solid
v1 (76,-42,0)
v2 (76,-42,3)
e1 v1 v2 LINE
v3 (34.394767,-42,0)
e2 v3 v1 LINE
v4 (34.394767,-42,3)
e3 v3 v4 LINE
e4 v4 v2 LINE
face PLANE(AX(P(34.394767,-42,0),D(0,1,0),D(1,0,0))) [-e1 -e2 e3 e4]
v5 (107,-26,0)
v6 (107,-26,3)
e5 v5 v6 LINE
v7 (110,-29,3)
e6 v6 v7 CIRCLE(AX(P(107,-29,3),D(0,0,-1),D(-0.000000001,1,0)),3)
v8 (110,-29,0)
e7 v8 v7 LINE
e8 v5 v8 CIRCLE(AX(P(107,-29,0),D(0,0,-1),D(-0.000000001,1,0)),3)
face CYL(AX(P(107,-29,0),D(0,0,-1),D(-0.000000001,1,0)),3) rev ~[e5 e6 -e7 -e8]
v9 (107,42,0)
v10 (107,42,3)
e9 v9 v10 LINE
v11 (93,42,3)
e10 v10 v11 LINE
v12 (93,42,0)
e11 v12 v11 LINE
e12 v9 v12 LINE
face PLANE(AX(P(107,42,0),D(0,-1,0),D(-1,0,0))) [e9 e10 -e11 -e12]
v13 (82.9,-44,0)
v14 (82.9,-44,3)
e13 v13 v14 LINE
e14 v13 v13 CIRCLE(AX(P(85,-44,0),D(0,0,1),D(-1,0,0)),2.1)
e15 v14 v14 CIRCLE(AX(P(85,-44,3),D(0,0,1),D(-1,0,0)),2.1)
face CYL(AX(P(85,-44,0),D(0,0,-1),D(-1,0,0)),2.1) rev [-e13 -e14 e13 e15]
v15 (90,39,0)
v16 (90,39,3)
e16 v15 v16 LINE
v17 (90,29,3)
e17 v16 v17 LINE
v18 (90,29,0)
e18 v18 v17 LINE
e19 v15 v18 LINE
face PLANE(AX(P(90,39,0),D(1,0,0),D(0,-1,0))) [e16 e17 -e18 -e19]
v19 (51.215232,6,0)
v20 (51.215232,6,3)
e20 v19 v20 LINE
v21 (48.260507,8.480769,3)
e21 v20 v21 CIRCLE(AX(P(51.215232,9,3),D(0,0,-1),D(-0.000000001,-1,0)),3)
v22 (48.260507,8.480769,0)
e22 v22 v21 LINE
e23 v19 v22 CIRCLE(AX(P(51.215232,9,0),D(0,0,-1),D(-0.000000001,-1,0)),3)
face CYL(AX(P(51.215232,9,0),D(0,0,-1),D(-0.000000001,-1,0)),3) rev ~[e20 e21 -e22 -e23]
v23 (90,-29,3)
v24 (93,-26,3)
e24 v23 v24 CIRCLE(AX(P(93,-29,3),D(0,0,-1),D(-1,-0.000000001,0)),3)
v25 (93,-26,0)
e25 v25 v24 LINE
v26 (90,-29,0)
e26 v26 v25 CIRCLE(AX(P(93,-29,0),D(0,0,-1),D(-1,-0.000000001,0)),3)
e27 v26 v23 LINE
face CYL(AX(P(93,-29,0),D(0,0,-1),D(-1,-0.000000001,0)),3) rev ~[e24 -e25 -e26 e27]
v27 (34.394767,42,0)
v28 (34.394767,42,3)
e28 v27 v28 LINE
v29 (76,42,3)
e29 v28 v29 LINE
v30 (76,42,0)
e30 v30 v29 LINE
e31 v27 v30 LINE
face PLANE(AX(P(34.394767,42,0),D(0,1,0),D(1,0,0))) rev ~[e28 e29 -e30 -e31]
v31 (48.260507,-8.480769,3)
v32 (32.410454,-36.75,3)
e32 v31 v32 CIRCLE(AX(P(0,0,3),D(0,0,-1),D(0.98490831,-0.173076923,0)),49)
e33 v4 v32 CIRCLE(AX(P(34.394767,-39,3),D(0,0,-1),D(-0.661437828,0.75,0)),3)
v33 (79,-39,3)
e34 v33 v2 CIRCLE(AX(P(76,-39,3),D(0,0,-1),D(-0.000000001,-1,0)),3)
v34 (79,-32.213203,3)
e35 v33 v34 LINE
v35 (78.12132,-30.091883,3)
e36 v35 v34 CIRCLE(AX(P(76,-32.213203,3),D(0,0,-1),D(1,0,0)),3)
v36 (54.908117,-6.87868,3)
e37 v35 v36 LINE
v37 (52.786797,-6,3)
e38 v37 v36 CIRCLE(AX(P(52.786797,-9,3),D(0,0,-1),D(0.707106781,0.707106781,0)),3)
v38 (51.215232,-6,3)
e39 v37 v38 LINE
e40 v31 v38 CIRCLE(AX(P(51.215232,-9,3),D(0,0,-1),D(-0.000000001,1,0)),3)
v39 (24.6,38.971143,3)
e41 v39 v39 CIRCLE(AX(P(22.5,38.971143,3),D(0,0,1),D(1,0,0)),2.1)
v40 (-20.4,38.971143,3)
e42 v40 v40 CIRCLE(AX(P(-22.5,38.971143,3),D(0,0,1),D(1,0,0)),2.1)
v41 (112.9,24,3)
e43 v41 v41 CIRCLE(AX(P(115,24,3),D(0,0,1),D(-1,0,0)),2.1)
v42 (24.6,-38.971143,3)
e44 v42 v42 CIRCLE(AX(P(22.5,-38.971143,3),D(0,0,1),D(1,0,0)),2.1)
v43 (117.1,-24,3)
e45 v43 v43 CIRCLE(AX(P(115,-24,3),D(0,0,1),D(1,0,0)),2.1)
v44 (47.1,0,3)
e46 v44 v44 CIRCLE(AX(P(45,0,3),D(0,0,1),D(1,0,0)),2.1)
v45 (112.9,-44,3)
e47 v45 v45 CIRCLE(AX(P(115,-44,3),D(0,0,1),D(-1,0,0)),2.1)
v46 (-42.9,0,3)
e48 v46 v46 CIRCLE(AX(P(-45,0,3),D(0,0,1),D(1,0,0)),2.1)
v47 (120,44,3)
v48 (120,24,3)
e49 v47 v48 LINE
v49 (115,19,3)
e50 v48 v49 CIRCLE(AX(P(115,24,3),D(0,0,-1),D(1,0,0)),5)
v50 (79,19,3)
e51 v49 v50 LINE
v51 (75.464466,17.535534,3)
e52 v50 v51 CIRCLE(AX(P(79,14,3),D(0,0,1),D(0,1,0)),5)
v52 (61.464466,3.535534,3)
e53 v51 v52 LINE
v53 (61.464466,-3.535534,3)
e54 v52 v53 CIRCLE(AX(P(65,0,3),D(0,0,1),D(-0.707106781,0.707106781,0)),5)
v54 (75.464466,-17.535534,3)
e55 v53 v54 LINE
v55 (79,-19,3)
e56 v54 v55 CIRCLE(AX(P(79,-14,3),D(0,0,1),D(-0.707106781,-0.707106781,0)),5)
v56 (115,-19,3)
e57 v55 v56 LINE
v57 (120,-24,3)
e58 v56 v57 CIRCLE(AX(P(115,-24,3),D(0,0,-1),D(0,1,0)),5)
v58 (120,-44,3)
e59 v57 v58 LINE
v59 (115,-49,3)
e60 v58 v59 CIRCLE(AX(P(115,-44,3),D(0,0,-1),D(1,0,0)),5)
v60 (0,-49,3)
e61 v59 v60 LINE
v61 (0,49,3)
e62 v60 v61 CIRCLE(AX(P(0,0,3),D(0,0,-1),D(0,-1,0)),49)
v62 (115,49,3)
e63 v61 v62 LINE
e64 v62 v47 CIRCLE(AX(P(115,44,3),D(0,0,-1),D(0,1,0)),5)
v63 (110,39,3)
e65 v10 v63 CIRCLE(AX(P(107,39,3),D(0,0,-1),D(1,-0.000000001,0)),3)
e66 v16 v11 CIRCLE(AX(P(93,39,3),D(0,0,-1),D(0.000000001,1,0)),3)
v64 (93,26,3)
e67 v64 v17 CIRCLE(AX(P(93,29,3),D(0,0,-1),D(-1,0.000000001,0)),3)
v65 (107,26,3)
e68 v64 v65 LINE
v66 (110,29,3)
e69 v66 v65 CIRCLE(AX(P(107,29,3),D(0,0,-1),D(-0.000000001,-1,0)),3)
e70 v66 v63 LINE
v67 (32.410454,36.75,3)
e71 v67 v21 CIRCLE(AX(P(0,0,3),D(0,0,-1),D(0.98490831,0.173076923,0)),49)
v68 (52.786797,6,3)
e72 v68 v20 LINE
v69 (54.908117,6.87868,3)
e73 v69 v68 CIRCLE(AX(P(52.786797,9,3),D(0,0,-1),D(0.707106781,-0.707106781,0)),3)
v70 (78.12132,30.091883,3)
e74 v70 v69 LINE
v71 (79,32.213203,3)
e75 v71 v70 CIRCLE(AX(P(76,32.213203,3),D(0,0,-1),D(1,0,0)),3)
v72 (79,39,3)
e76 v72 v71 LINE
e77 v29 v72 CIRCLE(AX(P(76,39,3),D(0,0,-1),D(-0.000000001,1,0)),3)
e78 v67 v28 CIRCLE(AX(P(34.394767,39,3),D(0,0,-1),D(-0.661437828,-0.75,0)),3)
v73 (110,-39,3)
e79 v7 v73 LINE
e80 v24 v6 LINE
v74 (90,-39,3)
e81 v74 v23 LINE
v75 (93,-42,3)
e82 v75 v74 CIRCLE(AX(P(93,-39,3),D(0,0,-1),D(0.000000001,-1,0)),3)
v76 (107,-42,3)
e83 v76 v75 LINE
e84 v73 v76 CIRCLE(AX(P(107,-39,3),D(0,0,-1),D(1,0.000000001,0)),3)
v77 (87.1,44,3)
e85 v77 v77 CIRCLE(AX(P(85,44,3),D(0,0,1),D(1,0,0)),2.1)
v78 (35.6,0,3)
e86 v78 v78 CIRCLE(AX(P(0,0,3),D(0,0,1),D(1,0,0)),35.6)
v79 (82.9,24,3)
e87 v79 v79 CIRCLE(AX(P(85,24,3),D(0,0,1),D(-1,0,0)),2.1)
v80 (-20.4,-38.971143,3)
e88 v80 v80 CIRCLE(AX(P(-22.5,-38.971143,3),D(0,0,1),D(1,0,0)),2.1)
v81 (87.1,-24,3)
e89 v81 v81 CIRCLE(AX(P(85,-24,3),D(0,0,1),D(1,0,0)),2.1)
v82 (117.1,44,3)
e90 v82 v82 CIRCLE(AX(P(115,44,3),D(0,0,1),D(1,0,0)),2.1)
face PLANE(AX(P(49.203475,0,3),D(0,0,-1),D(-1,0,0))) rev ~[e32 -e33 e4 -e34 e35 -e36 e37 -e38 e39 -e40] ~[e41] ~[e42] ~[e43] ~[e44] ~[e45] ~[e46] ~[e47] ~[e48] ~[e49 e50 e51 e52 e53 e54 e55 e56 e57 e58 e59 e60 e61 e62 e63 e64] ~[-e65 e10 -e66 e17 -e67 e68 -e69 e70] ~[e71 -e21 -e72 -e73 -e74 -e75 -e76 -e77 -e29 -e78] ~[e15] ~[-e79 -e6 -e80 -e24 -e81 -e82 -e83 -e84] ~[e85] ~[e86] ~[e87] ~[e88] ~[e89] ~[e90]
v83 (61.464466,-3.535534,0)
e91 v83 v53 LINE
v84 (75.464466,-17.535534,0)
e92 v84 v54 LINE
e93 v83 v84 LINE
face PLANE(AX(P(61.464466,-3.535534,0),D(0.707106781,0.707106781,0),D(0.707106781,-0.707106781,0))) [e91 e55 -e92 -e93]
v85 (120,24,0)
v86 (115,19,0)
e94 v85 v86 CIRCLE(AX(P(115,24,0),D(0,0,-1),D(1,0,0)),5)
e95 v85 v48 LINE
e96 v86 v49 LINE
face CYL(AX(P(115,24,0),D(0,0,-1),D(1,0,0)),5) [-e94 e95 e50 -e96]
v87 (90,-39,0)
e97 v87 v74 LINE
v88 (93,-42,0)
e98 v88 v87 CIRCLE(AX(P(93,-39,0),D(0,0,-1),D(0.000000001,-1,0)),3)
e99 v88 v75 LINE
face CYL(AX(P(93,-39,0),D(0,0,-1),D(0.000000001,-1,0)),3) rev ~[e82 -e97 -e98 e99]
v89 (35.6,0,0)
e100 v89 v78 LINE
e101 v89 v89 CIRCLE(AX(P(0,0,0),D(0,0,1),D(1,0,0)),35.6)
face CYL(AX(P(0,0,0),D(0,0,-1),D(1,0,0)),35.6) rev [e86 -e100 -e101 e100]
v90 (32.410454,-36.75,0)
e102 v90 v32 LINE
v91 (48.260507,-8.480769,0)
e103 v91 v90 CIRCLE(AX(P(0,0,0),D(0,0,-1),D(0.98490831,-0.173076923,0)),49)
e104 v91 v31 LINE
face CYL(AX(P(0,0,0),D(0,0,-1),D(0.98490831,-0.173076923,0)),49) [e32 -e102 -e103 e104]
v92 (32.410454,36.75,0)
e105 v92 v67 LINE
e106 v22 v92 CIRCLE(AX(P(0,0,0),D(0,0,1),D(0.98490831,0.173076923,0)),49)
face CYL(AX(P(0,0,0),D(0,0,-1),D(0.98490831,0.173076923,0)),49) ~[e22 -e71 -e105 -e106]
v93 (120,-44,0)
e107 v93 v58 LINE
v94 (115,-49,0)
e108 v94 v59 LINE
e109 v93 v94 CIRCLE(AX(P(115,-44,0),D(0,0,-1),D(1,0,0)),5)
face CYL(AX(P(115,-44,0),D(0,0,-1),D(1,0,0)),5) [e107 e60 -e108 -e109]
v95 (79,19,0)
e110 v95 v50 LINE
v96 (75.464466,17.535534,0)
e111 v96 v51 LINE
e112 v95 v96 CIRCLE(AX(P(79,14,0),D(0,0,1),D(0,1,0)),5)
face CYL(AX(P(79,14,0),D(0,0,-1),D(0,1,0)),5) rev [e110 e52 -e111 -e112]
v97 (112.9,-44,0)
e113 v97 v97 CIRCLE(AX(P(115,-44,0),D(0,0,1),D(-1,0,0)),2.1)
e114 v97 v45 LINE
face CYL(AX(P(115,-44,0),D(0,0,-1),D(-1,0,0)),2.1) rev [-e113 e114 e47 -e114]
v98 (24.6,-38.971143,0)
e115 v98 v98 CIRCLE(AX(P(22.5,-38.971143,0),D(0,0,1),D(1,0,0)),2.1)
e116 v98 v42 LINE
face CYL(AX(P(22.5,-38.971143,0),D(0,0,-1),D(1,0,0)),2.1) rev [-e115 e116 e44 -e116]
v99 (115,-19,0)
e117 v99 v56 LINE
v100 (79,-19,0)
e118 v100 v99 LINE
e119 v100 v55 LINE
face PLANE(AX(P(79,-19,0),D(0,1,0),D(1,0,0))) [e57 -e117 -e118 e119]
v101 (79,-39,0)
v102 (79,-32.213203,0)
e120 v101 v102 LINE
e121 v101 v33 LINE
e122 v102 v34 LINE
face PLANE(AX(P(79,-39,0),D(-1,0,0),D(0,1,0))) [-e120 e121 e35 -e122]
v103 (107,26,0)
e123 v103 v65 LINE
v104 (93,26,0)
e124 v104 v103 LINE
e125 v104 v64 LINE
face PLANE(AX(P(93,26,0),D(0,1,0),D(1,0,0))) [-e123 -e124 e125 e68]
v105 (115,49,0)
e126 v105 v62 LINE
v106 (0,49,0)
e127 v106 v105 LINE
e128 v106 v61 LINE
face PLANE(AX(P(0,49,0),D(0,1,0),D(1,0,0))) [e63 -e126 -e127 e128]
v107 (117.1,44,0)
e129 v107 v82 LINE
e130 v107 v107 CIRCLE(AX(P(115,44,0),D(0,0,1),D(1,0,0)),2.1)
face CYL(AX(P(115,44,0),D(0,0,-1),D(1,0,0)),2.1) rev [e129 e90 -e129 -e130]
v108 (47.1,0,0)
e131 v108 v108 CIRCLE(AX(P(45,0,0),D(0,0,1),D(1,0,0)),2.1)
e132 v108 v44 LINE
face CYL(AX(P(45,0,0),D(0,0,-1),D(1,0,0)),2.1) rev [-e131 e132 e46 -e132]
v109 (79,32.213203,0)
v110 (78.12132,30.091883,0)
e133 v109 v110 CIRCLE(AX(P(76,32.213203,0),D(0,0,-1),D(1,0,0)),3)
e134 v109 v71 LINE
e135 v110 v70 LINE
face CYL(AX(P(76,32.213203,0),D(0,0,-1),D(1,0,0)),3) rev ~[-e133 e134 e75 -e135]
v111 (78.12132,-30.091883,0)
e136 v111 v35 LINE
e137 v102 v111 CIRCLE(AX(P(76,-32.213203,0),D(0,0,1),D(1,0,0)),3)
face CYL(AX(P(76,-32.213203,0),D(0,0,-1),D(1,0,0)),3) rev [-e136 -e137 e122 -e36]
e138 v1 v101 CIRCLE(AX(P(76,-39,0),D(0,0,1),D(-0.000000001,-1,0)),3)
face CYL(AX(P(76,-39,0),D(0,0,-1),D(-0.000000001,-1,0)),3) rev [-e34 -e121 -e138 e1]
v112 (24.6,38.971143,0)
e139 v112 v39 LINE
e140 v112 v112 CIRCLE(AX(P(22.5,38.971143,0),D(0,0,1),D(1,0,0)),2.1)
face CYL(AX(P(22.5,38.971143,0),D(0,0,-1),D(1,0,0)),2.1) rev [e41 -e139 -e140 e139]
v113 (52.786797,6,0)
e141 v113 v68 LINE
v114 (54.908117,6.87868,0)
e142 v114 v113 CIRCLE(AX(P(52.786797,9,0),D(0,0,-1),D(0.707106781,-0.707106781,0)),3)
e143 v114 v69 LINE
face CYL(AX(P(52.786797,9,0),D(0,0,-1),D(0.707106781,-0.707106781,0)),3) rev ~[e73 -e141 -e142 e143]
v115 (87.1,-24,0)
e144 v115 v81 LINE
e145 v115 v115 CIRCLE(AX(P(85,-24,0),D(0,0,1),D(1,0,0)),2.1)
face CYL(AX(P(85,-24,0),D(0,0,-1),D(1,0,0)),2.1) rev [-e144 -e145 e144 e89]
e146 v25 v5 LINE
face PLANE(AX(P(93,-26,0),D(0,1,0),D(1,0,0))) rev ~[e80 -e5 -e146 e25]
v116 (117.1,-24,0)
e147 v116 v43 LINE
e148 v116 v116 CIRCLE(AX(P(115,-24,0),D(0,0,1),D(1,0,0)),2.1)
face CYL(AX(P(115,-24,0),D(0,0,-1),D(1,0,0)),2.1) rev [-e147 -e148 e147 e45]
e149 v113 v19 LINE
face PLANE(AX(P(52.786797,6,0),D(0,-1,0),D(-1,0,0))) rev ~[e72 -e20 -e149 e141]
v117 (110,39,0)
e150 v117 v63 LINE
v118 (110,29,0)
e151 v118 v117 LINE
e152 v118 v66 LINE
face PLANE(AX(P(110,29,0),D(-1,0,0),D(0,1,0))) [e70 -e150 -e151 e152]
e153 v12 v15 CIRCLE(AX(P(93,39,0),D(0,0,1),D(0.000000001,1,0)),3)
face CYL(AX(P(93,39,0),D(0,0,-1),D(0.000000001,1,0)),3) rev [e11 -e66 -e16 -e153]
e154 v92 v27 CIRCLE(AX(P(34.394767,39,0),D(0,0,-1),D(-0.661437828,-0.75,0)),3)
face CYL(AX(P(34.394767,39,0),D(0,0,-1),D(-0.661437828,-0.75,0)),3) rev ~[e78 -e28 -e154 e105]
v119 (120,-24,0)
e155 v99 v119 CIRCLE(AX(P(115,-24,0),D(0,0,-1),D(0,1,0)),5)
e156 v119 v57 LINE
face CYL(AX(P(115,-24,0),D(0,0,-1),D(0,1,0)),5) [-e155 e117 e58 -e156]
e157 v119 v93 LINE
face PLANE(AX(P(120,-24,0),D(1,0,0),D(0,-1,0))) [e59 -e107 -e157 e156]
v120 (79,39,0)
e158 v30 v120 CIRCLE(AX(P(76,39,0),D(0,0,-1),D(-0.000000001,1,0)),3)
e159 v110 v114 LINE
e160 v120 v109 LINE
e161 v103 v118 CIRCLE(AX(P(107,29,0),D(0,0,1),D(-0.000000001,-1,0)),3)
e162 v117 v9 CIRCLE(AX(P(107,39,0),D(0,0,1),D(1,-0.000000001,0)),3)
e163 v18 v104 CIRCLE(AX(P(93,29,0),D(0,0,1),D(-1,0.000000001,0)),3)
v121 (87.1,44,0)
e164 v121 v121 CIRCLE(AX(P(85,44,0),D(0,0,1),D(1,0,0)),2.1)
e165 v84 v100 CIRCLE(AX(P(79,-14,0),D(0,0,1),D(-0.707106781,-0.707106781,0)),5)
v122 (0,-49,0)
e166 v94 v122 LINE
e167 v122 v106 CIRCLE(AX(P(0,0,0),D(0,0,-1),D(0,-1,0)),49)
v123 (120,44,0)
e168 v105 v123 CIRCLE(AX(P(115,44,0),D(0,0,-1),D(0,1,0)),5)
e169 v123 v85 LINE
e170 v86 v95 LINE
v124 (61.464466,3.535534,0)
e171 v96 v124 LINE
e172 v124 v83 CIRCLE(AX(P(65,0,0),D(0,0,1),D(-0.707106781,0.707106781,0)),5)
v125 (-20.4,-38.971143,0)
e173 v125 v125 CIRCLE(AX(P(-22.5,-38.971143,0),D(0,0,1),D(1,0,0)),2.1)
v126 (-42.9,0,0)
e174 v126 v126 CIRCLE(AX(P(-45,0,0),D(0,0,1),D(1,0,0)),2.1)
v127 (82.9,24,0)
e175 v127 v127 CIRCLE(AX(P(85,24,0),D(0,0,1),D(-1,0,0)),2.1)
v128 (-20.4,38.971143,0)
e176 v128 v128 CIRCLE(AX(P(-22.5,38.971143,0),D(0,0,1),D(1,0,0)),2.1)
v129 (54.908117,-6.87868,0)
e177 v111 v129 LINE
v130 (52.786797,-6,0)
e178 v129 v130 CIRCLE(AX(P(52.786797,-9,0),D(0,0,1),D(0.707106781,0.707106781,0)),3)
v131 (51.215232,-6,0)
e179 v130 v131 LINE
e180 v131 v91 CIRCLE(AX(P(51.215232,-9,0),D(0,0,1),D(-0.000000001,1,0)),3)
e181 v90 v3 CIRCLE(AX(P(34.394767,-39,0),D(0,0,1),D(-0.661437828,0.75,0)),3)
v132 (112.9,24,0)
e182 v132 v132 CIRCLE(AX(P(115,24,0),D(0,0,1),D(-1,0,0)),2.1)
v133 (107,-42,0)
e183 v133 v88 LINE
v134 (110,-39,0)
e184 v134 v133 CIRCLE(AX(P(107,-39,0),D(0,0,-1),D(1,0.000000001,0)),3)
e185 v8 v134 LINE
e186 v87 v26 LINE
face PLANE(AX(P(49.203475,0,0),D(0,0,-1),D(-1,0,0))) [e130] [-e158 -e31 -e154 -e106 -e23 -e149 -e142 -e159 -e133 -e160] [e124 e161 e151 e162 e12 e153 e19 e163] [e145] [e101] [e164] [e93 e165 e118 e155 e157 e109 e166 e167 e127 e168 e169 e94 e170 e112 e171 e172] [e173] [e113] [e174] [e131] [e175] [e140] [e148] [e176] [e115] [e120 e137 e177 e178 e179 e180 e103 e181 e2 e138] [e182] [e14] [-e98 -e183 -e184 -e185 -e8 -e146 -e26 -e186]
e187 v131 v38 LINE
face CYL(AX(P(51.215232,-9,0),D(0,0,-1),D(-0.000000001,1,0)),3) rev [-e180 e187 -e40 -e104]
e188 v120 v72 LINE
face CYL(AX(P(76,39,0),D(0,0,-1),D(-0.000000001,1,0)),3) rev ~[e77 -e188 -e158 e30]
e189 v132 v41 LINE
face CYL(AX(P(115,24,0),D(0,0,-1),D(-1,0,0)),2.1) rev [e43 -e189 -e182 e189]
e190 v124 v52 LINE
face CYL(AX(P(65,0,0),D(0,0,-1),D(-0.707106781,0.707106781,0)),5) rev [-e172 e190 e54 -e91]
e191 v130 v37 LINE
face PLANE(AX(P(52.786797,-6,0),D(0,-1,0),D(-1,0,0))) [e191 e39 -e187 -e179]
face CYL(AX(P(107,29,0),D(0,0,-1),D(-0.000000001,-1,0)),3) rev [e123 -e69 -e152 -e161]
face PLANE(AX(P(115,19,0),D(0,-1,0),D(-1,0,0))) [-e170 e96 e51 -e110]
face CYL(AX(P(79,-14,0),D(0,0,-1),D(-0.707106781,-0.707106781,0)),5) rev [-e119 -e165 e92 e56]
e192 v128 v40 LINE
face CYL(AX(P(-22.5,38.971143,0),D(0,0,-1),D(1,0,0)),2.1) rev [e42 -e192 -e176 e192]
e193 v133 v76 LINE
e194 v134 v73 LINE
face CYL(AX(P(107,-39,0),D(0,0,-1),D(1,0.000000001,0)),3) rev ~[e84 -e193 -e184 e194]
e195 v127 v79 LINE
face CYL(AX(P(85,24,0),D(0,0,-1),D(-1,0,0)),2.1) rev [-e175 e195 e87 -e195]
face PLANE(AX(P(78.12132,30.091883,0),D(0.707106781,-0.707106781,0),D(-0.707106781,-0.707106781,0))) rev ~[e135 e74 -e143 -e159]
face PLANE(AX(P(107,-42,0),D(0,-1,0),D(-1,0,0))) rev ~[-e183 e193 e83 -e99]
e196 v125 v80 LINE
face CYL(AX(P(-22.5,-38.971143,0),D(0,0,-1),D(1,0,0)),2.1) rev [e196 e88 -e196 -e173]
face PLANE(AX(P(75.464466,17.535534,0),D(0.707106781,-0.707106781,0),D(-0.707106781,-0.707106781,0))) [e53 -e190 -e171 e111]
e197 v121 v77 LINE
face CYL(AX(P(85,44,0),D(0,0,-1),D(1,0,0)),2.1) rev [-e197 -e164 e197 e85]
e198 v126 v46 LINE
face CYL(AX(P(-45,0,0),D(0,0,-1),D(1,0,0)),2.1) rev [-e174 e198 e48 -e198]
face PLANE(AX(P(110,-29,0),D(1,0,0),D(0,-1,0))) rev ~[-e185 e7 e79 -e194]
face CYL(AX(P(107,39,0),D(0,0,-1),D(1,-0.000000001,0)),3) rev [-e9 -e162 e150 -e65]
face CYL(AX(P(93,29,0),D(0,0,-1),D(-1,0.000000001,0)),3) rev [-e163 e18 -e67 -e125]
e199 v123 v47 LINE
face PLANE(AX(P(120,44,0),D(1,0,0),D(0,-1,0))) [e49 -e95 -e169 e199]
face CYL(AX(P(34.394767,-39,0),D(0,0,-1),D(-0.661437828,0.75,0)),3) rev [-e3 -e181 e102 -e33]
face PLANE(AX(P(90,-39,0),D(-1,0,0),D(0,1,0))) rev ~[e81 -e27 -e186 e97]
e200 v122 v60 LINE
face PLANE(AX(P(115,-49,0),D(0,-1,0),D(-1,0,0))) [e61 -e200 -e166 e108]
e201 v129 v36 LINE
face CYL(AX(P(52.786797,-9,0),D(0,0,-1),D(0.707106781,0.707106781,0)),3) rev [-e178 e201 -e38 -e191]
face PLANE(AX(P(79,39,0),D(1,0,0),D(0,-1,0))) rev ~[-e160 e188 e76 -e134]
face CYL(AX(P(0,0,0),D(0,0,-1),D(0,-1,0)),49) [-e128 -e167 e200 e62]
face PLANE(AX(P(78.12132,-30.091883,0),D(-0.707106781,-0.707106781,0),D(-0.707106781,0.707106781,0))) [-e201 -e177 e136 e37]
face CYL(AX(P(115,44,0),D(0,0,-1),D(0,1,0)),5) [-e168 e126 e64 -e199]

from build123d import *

# Parameters (mm, degrees)
SKETCH_1_R          = 2.1
SKETCH_1_R_2        = 35.6
EXTRUDE_1_DEPTH     = 3
SKETCH_2_R          = 2.1
CUT_EXTRUDE_1_DEPTH = 3
CUT_EXTRUDE_2_DEPTH = 130.653384067


with BuildPart() as part:
    # 草图1 → 凸台-拉伸1 (new body)
    with BuildSketch(Plane.XY):
        with BuildLine():
            Line((0, 49), (115, 49))
            ThreePointArc((115, 49), (118.535533906, 47.535533906), (120, 44))
            Line((120, 44), (120, 24))
            ThreePointArc((120, 24), (118.535533906, 20.464466094), (115, 19))
            Line((115, 19), (79, 19))
            ThreePointArc((79, 19), (77.086582838, 18.619397663), (75.464466094, 17.535533906))
            Line((75.464466094, 17.535533906), (61.464466094, 3.535533906))
            ThreePointArc((61.464466094, 3.535533906), (60, 0), (61.464466094, -3.535533906))
            Line((61.464466094, -3.535533906), (75.464466094, -17.535533906))
            ThreePointArc((75.464466094, -17.535533906), (77.086582838, -18.619397663), (79, -19))
            Line((79, -19), (115, -19))
            ThreePointArc((115, -19), (118.535533906, -20.464466094), (120, -24))
            Line((120, -24), (120, -44))
            ThreePointArc((120, -44), (118.535533906, -47.535533906), (115, -49))
            Line((115, -49), (0, -49))
            ThreePointArc((0, -49), (-49, 0), (0, 49))
        make_face()
        with Locations((-45, 0)):
            Circle(SKETCH_1_R, mode=Mode.SUBTRACT)
        with Locations((-22.5, 38.97114317)):
            Circle(SKETCH_1_R, mode=Mode.SUBTRACT)
        with Locations((22.5, 38.97114317)):
            Circle(SKETCH_1_R, mode=Mode.SUBTRACT)
        with Locations((45, 0)):
            Circle(SKETCH_1_R, mode=Mode.SUBTRACT)
        with Locations((22.5, -38.97114317)):
            Circle(SKETCH_1_R, mode=Mode.SUBTRACT)
        with Locations((-22.5, -38.97114317)):
            Circle(SKETCH_1_R, mode=Mode.SUBTRACT)
        Circle(SKETCH_1_R_2, mode=Mode.SUBTRACT)
    extrude(amount=EXTRUDE_1_DEPTH)

    # 草图2 → 切除-拉伸1 (cut)
    with BuildSketch(Plane.XY):
        with Locations((85, 44)):
            Circle(SKETCH_2_R)
        with Locations((115, 44)):
            Circle(SKETCH_2_R)
        with Locations(Location((115, 24, 0), (0, 0, 180))):
            Circle(SKETCH_2_R)
        with Locations(Location((85, 24, 0), (0, 0, 180))):
            Circle(SKETCH_2_R)
        with Locations((85, -24)):
            Circle(SKETCH_2_R)
        with Locations((115, -24)):
            Circle(SKETCH_2_R)
        with Locations(Location((115, -44, 0), (0, 0, 180))):
            Circle(SKETCH_2_R)
        with Locations(Location((85, -44, 0), (0, 0, 180))):
            Circle(SKETCH_2_R)
    extrude(amount=CUT_EXTRUDE_1_DEPTH, mode=Mode.SUBTRACT)

    # 草图3 → 切除-拉伸2 (cut, through all)
    with BuildSketch(Plane.XY):
        with BuildLine():
            Line((34.394767044, 42), (76, 42))
            ThreePointArc((76, 42), (78.121320344, 41.121320344), (79, 39))
            Line((79, 39), (79, 32.213203436))
            ThreePointArc((79, 32.213203436), (78.771638598, 31.065153139), (78.121320344, 30.091883092))
            Line((78.121320344, 30.091883092), (54.908116908, 6.878679656))
            ThreePointArc((54.908116908, 6.878679656), (53.934846861, 6.228361402), (52.786796564, 6))
            Line((52.786796564, 6), (51.215232109, 6))
            ThreePointArc((51.215232109, 6), (49.28620286, 6.702426029), (48.26050718, 8.480769231))
            ThreePointArc((48.26050718, 8.480769231), (42.740359483, 23.963757452), (32.410453561, 36.75))
            ThreePointArc((32.410453561, 36.75), (31.588524004, 40.060660172), (34.394767044, 42))
        make_face()
        with BuildLine():
            Line((52.786796564, -6), (51.215232109, -6))
            ThreePointArc((51.215232109, -6), (49.28620286, -6.702426029), (48.26050718, -8.480769231))
            ThreePointArc((48.26050718, -8.480769231), (42.740359483, -23.963757452), (32.410453561, -36.75))
            ThreePointArc((32.410453561, -36.75), (31.588524004, -40.060660172), (34.394767044, -42))
            Line((34.394767044, -42), (76, -42))
            ThreePointArc((76, -42), (78.121320344, -41.121320344), (79, -39))
            Line((79, -39), (79, -32.213203436))
            ThreePointArc((79, -32.213203436), (78.771638598, -31.065153139), (78.121320344, -30.091883092))
            Line((78.121320344, -30.091883092), (54.908116908, -6.878679656))
            ThreePointArc((54.908116908, -6.878679656), (53.934846861, -6.228361402), (52.786796564, -6))
        make_face()
        with BuildLine():
            Line((93, 26), (107, 26))
            ThreePointArc((107, 26), (109.121320344, 26.878679656), (110, 29))
            Line((110, 29), (110, 39))
            ThreePointArc((110, 39), (109.121320344, 41.121320344), (107, 42))
            Line((107, 42), (93, 42))
            ThreePointArc((93, 42), (90.878679656, 41.121320344), (90, 39))
            Line((90, 39), (90, 29))
            ThreePointArc((90, 29), (90.878679656, 26.878679656), (93, 26))
        make_face()
        with BuildLine():
            Line((110, -29), (110, -39))
            ThreePointArc((110, -39), (109.121320344, -41.121320344), (107, -42))
            Line((107, -42), (93, -42))
            ThreePointArc((93, -42), (90.878679656, -41.121320344), (90, -39))
            Line((90, -39), (90, -29))
            ThreePointArc((90, -29), (90.878679656, -26.878679656), (93, -26))
            Line((93, -26), (107, -26))
            ThreePointArc((107, -26), (109.121320344, -26.878679656), (110, -29))
        make_face()
    extrude(amount=CUT_EXTRUDE_2_DEPTH, mode=Mode.SUBTRACT)


solid = part.part
